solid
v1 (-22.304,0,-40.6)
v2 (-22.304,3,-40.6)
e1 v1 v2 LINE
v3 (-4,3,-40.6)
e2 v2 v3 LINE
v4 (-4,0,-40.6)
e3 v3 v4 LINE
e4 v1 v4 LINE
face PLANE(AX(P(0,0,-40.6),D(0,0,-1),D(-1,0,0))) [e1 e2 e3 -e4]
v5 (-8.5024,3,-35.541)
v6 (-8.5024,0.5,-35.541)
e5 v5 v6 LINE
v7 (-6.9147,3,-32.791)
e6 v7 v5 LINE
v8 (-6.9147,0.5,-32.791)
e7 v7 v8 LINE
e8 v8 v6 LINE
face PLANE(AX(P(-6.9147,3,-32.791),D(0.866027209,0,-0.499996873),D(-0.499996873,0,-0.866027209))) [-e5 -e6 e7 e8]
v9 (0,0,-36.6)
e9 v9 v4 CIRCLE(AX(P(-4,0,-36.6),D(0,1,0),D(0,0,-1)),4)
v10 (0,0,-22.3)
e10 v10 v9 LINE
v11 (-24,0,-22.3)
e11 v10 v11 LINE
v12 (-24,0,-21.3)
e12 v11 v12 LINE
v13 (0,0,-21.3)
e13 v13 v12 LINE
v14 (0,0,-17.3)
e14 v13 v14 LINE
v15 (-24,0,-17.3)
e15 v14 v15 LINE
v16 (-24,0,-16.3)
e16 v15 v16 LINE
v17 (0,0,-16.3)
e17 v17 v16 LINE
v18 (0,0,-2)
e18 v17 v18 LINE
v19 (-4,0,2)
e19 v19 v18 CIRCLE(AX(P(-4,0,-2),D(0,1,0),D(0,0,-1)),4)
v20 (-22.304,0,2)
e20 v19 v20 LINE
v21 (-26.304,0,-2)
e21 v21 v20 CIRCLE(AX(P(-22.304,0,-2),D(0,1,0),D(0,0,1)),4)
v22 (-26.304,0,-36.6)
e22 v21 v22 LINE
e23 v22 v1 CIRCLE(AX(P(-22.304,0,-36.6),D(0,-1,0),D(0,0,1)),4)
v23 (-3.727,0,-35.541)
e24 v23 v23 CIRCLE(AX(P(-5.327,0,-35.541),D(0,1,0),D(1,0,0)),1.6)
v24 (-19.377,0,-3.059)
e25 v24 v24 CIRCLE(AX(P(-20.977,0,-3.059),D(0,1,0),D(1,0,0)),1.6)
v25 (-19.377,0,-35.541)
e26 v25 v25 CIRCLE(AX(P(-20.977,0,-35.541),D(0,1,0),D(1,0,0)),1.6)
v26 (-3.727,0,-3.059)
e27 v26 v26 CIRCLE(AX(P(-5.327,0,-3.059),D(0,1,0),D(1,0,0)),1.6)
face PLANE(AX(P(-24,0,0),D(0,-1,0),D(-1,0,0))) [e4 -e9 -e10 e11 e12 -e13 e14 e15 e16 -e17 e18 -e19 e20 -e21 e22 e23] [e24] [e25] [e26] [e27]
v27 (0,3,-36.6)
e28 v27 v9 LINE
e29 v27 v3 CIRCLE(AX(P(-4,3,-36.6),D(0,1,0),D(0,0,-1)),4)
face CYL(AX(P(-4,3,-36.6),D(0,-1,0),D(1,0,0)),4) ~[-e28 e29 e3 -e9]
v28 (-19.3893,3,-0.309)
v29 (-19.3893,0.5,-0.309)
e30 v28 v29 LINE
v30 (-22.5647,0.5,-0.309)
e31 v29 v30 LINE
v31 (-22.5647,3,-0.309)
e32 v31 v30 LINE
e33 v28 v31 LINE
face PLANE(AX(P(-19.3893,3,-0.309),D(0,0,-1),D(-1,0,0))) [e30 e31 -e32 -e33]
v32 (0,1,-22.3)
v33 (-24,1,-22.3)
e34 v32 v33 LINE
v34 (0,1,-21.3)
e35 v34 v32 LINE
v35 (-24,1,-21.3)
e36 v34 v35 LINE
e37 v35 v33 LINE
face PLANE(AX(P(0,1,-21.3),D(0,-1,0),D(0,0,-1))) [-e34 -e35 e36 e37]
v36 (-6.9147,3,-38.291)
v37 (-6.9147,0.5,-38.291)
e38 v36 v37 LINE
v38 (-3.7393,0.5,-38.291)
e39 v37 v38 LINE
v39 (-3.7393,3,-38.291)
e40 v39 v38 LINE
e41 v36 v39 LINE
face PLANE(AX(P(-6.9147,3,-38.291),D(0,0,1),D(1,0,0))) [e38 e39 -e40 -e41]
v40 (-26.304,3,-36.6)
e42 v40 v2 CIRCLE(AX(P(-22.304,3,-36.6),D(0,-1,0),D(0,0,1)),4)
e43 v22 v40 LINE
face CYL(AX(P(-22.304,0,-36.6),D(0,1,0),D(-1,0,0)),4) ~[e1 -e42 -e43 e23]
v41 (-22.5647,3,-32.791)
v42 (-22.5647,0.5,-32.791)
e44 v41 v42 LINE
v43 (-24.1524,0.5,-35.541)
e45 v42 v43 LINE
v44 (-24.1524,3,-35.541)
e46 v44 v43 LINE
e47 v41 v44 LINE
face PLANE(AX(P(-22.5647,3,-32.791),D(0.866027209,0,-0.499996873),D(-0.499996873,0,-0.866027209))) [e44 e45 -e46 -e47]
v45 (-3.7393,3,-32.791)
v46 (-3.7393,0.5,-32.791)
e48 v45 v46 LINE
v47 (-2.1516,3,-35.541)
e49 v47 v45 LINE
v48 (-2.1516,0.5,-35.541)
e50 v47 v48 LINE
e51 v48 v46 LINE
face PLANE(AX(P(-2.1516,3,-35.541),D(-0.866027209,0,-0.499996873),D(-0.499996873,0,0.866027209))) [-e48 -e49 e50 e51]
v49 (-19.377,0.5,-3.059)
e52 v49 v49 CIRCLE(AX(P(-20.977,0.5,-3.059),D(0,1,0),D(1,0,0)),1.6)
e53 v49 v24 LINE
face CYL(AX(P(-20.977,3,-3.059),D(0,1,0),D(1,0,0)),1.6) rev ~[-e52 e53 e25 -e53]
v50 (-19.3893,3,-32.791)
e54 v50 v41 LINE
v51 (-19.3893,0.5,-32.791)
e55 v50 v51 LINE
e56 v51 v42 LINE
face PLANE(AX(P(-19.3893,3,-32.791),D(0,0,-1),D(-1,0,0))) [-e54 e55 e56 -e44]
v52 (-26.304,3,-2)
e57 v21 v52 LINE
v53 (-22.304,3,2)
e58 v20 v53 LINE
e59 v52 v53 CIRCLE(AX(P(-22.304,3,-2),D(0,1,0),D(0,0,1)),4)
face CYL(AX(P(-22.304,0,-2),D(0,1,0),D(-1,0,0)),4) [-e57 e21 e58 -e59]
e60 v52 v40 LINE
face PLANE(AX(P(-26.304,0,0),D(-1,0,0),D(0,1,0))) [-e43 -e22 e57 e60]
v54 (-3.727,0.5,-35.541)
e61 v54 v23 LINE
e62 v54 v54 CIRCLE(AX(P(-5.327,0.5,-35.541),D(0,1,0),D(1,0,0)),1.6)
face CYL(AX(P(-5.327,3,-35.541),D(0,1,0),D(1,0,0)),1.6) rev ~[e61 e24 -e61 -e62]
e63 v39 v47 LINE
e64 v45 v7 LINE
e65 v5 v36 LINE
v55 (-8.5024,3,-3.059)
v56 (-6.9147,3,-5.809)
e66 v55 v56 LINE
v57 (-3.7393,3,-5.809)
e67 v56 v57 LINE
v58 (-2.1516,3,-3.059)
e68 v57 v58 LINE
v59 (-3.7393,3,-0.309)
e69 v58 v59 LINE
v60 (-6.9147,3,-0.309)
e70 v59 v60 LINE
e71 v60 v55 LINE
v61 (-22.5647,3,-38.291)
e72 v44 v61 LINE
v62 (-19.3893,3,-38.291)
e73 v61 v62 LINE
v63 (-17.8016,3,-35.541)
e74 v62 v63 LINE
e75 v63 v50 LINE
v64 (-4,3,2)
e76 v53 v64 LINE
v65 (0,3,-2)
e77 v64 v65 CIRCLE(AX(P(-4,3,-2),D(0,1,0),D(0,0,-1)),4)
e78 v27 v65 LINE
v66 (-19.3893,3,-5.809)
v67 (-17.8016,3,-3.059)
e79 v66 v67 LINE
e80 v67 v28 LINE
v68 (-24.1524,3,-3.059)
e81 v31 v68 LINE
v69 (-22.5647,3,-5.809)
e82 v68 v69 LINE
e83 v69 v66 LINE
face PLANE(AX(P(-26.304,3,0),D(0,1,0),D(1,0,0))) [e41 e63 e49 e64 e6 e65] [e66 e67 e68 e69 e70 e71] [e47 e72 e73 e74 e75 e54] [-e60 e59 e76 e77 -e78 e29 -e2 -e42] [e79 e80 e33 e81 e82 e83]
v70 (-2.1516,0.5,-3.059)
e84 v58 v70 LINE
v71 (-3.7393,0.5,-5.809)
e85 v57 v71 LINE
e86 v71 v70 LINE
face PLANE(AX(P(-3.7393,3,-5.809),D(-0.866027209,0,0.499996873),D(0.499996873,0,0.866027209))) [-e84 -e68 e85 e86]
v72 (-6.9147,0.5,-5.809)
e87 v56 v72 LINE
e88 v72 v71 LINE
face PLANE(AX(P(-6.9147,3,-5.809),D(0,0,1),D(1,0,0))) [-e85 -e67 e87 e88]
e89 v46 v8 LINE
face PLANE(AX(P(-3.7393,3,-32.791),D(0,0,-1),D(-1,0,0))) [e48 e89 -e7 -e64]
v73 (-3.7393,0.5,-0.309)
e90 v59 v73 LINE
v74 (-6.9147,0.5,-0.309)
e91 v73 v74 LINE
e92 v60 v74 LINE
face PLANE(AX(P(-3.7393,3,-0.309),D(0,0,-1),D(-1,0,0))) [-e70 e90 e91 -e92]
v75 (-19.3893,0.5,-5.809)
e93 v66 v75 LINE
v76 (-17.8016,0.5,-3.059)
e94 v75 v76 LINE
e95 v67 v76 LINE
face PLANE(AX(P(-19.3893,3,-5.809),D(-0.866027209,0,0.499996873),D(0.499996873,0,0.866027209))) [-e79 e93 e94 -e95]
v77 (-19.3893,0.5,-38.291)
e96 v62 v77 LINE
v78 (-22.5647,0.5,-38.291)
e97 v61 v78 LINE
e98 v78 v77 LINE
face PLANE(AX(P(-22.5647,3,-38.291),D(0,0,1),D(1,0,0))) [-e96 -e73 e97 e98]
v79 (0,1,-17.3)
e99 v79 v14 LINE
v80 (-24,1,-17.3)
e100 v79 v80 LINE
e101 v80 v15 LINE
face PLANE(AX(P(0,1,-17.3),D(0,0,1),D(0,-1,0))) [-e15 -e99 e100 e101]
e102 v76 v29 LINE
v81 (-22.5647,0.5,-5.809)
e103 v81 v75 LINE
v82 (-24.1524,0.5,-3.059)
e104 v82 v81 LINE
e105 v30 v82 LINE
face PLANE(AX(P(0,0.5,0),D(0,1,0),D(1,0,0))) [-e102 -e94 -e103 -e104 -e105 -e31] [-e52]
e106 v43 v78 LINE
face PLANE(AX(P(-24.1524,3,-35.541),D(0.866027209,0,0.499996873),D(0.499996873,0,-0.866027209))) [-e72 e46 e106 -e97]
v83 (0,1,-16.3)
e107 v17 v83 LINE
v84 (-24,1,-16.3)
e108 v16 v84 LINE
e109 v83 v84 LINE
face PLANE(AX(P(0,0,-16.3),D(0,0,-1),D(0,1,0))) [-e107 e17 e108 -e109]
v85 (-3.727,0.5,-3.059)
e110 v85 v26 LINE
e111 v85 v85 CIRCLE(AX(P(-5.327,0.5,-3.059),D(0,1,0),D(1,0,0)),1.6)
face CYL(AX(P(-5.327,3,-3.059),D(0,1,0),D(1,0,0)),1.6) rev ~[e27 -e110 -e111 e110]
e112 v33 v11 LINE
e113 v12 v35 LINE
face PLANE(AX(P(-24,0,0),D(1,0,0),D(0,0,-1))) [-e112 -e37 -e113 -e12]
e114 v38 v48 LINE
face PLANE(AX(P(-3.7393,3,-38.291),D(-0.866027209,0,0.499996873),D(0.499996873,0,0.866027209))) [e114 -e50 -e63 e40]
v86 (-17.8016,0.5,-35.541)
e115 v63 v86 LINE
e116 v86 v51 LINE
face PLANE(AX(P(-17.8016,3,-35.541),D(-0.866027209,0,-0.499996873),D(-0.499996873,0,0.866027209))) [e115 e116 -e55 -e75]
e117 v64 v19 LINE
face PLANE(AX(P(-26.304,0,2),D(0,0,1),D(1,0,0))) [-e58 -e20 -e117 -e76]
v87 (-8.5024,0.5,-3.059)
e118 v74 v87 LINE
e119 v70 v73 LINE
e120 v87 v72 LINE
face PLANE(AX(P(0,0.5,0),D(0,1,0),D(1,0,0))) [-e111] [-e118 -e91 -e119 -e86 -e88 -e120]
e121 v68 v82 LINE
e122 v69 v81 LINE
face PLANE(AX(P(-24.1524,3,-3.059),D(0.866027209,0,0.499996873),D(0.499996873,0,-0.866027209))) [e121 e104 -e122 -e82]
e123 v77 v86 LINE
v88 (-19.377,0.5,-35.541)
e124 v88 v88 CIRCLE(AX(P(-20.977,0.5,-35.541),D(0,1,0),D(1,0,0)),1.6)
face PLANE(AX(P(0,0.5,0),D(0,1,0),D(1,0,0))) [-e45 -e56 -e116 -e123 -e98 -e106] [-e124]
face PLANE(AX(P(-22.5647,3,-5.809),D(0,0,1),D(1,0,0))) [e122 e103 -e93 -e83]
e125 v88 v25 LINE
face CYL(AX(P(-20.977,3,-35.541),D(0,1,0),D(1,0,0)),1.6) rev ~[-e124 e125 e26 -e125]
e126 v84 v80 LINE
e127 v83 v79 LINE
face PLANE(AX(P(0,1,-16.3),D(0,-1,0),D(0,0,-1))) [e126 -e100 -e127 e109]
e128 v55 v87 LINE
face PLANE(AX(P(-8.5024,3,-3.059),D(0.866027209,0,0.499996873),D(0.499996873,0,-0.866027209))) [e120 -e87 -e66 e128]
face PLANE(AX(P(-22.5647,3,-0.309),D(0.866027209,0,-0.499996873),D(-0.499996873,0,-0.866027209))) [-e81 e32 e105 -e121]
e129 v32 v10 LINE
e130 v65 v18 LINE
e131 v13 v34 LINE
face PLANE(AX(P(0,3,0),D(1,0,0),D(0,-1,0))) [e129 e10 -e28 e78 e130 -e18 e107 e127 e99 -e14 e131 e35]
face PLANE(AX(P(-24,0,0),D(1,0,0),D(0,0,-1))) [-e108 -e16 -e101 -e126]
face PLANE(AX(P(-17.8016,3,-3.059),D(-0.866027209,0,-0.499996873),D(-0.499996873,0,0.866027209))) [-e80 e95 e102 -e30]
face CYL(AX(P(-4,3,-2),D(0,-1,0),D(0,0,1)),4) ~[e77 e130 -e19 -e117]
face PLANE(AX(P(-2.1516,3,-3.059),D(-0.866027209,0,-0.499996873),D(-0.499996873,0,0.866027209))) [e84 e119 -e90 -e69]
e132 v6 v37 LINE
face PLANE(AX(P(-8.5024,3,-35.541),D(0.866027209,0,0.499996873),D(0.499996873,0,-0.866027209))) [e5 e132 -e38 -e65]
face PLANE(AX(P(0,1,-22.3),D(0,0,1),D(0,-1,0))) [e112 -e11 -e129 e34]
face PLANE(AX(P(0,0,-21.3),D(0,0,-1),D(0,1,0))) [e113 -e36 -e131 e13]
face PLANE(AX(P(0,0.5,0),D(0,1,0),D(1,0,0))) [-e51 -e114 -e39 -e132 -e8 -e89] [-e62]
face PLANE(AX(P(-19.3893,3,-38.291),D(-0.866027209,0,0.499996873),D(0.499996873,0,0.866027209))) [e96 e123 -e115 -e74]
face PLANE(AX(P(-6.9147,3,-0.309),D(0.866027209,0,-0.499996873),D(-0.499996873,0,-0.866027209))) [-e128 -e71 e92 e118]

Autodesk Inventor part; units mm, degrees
ref_plane "YZ Plane" through (0, 0, 0) normal (1, 0, 0) x (0, 1, 0)
ref_plane "XZ Plane" through (0, 0, 0) normal (0, 1, 0) x (-1, 0, 0)
ref_plane "XY Plane" through (0, 0, 0) normal (0, 0, 1) x (1, 0, 0)
sketch "Sketch1" plane through (0, 0, 0) normal (0, 1, 0) x (-1, 0, 0)
  line L0 (0, 0) -> (26.304, 0)
  line L1 (26.304, 0) -> (26.304, -38.6)
  line L2 (26.304, -38.6) -> (0, -38.6)
  line L3 (0, -38.6) -> (0, 0)
  dimension "d0" = 38.6
  dimension "d1" = 26.304
extrude "Extrusion1" add sketch "Sketch1" along normal blind 3
sketch "Sketch2" plane through (0, 3, 0) normal (0, 1, 0) x (1, 0, 0)
  line L0 (-19.3893, 5.809) -> (-17.8016, 3.059)
  line L1 (-17.8016, 3.059) -> (-19.3893, 0.309)
  line L2 (-19.3893, 0.309) -> (-22.5647, 0.309)
  line L3 (-22.5647, 0.309) -> (-24.1524, 3.059)
  line L4 (-24.1524, 3.059) -> (-22.5647, 5.809)
  line L5 (-22.5647, 5.809) -> (-19.3893, 5.809)
  line L6 (-19.3893, 38.291) -> (-17.8016, 35.541)
  line L7 (-17.8016, 35.541) -> (-19.3893, 32.791)
  line L8 (-19.3893, 32.791) -> (-22.5647, 32.791)
  line L9 (-22.5647, 32.791) -> (-24.1524, 35.541)
  line L10 (-24.1524, 35.541) -> (-22.5647, 38.291)
  line L11 (-22.5647, 38.291) -> (-19.3893, 38.291)
  line L12 (-3.7393, 5.809) -> (-2.1516, 3.059)
  line L13 (-2.1516, 3.059) -> (-3.7393, 0.309)
  line L14 (-3.7393, 0.309) -> (-6.9147, 0.309)
  line L15 (-6.9147, 0.309) -> (-8.5024, 3.059)
  line L16 (-8.5024, 3.059) -> (-6.9147, 5.809)
  line L17 (-6.9147, 5.809) -> (-3.7393, 5.809)
  line L18 (-3.7393, 38.291) -> (-2.1516, 35.541)
  line L19 (-2.1516, 35.541) -> (-3.7393, 32.791)
  line L20 (-3.7393, 32.791) -> (-6.9147, 32.791)
  line L21 (-6.9147, 32.791) -> (-8.5024, 35.541)
  line L22 (-8.5024, 35.541) -> (-6.9147, 38.291)
  line L23 (-6.9147, 38.291) -> (-3.7393, 38.291)
  line L24 (-26.304, 0) -> (0, 0) projected
  line L25 (0, 38.6) -> (-26.304, 38.6) projected
  line L26 (0, 0) -> (0, 38.6) projected
  point P0 (-20.977, 3.059)
  point P1 (-20.977, 35.541)
  point P2 (-5.327, 3.059)
  point P3 (-5.327, 35.541)
  dimension "d4" = 5.5
  dimension "d6" = 5.5
  dimension "d7" = 5.5
  dimension "d8" = 5.5
  dimension "d9" = 32.482
  dimension "d10" = 32.482
  dimension "d11" = 15.65
  dimension "d12" = 0
  dimension "d13" = 0
  dimension "d14" = 3.059
  dimension "d15" = 5.327
  dimension "d16" = 15.65
extrude "Extrusion2" cut sketch "Sketch2" against normal blind 2.5
sketch "Sketch3" plane through (0, 0, 0) normal (1, 0, 0) x (0, 0, -1)
  line L0 (16.3, 1) -> (17.3, 1)
  line L1 (17.3, 1) -> (17.3, 0)
  line L2 (17.3, 0) -> (16.3, 0)
  line L3 (16.3, 0) -> (16.3, 1)
  line L4 (21.3, 1) -> (22.3, 1)
  line L5 (22.3, 1) -> (22.3, 0)
  line L6 (22.3, 0) -> (21.3, 0)
  line L7 (21.3, 0) -> (21.3, 1)
  line L8 (0, 0) -> (38.6, 0) projected
  line L9 (0, 0) -> (0, 3) projected
  dimension "d19" = 1
  dimension "d20" = 1
  dimension "d21" = 1
  dimension "d22" = 4
  dimension "d23" = 16.3
extrude "Extrusion3" cut sketch "Sketch3" against normal blind 24
sketch "Sketch4" plane through (0, 3, 0) normal (0, 1, 0) x (1, 0, 0)
  circle A0 centre (-20.977, 3.059) radius 1.6
  circle A1 centre (-20.977, 35.541) radius 1.6
  circle A2 centre (-5.327, 35.541) radius 1.6
  circle A3 centre (-5.327, 3.059) radius 1.6
  line L0 (-19.3893, 0.309) -> (-22.5647, 0.309) projected
  line L1 (-3.7393, 0.309) -> (-6.9147, 0.309) projected
  line L2 (-22.5647, 38.291) -> (-19.3893, 38.291) projected
  line L3 (-6.9147, 38.291) -> (-3.7393, 38.291) projected
  line L4 (-24.1524, 3.059) -> (-22.5647, 5.809) projected
  line L5 (-22.5647, 32.791) -> (-24.1524, 35.541) projected
  line L6 (-3.7393, 5.809) -> (-2.1516, 3.059) projected
  line L7 (-3.7393, 38.291) -> (-2.1516, 35.541) projected
  point P0 (0, 0)
  dimension "d26" = 2.75
  dimension "d27" = 2.75
  dimension "d28" = 2.75
  dimension "d29" = 2.75
  dimension "d30" = 2.75
  dimension "d31" = 2.75
  dimension "d32" = 2.75
  dimension "d33" = 2.75
  dimension "d34" = 3.2
  dimension "d35" = 3.2
  dimension "d36" = 3.2
  dimension "d37" = 3.2
extrude "Extrusion4" cut sketch "Sketch4" against normal through all
sketch "Sketch5" plane through (0, 0, -38.6) normal (0, 0, -1) x (-1, 0, 0)
  line L0 (0, 0) -> (24, 0) projected
  line L1 (0, 0) -> (26.304, 0)
  line L2 (26.304, 0) -> (26.304, 3)
  line L3 (26.304, 3) -> (0, 3)
  line L4 (0, 3) -> (0, 0)
extrude "Extrusion5" add sketch "Sketch5" along normal blind 2
sketch "Sketch6" plane through (-26.304, 0, 0) normal (0, 0, 1) x (1, 0, 0)
  line L0 (2.304, 0) -> (26.304, 0) projected
  line L1 (26.304, 0) -> (0, 0)
  line L2 (0, 0) -> (0, 3)
  line L3 (0, 3) -> (26.304, 3)
  line L4 (26.304, 3) -> (26.304, 0)
extrude "Extrusion6" add sketch "Sketch6" along normal blind 2
fillet "Fillet1" radius 4 4 edges at (-26.304, 1.5, -40.6) (0, 1.5, -40.6) (0, 1.5, 2) (-26.304, 1.5, 2)
properties part number "LED_COVER"
